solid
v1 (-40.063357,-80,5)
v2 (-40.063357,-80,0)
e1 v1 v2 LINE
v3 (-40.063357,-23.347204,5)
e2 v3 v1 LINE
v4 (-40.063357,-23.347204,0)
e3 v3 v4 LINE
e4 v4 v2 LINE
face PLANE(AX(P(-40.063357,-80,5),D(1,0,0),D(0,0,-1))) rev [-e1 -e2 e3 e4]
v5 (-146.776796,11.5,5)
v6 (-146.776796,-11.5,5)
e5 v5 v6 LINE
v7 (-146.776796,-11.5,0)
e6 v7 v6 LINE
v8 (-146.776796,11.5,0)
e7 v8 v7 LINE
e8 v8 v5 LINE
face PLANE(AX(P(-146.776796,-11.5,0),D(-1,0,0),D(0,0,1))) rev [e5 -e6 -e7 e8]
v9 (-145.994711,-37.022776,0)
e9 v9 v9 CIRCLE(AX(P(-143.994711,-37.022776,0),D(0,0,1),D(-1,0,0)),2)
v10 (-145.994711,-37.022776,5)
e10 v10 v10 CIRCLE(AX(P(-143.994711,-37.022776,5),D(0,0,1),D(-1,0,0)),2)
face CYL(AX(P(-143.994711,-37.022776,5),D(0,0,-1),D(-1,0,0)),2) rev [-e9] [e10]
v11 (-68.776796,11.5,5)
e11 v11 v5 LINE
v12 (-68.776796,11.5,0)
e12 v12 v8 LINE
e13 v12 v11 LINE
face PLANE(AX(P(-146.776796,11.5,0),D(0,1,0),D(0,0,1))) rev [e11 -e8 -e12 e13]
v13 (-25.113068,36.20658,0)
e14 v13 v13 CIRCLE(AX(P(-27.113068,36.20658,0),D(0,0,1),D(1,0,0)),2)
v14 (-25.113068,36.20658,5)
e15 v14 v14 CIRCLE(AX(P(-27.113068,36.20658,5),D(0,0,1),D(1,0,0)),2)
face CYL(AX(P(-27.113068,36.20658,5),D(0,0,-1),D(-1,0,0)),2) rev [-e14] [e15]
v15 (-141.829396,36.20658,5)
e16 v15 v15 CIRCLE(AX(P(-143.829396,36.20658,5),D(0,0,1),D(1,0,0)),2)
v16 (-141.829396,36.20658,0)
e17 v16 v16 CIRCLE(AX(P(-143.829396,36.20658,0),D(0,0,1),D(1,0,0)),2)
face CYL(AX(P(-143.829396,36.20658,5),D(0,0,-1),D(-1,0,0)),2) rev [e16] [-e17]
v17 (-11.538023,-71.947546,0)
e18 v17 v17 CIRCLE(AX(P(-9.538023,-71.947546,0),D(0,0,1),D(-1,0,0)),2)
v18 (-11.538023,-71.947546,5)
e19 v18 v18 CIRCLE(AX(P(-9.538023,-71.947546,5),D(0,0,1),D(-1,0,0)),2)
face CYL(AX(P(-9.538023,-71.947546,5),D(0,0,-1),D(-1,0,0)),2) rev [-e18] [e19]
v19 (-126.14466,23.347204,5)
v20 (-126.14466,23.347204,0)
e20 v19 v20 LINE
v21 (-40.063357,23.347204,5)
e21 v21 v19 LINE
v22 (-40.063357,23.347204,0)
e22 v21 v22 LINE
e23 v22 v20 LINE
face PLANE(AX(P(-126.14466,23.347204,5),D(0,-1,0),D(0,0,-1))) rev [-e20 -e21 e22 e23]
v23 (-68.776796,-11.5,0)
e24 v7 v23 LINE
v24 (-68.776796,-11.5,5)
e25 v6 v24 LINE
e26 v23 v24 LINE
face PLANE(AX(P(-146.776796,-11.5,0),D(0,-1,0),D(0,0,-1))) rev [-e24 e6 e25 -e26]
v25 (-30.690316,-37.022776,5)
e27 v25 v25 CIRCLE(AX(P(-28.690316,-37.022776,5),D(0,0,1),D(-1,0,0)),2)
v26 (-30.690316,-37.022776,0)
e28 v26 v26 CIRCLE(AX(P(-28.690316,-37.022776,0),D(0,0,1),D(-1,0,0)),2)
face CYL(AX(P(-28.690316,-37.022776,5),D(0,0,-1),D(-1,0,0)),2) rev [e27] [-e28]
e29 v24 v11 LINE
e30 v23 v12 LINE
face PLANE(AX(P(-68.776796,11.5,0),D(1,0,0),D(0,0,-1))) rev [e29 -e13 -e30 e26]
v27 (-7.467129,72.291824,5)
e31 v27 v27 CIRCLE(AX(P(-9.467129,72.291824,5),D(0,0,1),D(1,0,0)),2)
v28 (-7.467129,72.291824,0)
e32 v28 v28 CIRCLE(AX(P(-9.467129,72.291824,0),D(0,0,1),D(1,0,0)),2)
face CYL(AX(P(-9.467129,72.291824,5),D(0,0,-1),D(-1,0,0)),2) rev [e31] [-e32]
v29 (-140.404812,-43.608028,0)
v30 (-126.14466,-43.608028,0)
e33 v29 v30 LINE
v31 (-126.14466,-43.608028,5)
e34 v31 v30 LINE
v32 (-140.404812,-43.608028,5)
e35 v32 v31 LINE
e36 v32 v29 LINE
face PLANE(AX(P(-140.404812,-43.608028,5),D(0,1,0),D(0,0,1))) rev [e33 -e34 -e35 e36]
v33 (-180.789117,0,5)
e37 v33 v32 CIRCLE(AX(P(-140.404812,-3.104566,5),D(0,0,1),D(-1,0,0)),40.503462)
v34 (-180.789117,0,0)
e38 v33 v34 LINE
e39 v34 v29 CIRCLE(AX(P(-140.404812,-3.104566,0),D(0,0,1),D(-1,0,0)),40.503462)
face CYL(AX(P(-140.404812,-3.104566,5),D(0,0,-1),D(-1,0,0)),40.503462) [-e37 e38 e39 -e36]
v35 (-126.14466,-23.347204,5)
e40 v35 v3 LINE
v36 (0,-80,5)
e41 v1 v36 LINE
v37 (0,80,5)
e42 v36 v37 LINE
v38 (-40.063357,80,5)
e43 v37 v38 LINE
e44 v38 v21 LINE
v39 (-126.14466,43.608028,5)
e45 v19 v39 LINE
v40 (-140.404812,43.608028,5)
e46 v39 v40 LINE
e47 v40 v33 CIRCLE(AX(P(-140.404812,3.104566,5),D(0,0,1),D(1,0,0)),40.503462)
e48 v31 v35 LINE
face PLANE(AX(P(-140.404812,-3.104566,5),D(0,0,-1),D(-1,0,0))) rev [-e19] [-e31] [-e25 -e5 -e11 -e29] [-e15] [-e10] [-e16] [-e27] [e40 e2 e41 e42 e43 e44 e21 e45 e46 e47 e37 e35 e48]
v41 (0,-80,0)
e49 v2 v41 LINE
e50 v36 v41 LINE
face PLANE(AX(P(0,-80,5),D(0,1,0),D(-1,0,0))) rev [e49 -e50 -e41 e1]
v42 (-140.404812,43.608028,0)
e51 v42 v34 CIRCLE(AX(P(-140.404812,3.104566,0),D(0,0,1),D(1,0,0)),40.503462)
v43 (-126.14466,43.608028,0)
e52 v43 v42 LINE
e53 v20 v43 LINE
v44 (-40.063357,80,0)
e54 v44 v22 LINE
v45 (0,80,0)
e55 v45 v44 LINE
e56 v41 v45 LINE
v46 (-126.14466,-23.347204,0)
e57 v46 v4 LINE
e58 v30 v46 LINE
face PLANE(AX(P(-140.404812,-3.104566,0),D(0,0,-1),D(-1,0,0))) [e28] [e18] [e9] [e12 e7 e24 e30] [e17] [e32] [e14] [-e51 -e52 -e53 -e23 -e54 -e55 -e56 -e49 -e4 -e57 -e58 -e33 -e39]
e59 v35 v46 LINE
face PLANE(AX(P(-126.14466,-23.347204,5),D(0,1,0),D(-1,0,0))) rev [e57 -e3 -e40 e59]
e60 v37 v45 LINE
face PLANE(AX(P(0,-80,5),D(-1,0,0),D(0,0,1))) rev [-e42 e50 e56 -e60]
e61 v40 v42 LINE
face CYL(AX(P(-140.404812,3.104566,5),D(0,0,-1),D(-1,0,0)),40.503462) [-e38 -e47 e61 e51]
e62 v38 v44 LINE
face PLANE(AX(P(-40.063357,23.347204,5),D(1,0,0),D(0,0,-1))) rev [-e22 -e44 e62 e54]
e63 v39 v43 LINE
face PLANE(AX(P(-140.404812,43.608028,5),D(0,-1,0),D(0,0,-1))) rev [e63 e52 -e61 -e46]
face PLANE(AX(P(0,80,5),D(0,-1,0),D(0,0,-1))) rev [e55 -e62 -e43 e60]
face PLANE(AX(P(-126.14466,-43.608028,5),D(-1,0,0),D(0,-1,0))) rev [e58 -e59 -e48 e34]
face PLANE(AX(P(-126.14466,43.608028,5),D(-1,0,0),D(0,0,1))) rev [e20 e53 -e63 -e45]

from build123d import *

# Parameters (mm, degrees)
ESQUISSE1_R             = 2
BOSS_EXTRU_2_DEPTH      = 5
ESQUISSE2_W             = 78
ESQUISSE2_H             = 23
ENL_V_MAT_EXTRU_2_DEPTH = 5


with BuildPart() as part:
    # Esquisse1 → Boss.-Extru.2 (new body)
    with BuildSketch(Plane.XY):
        with BuildLine():
            Line((0, 80), (-40.063357395, 80))
            Line((-40.063357395, 80), (-40.063357395, 43.608028339))
            Line((-40.063357395, 43.608028339), (-40.063357395, 23.347203835))
            Line((-40.063357395, 23.347203835), (-126.14466041, 23.347203835))
            Line((-126.14466041, 23.347203835), (-126.14466041, 43.608028339))
            Line((-126.14466041, 43.608028339), (-140.404811956, 43.608028339))
            ThreePointArc((-140.404811956, 43.608028339), (-170.122450923, 30.625328971), (-180.789117416, 0))
            ThreePointArc((-180.789117416, 0), (-170.122450923, -30.625328971), (-140.404811956, -43.608028339))
            Line((-140.404811956, -43.608028339), (-126.14466041, -43.608028339))
            Line((-126.14466041, -43.608028339), (-126.14466041, -23.347203835))
            Line((-126.14466041, -23.347203835), (-40.063357395, -23.347203835))
            Line((-40.063357395, -23.347203835), (-40.063357395, -43.608028339))
            Line((-40.063357395, -43.608028339), (-40.063357395, -80))
            Line((-40.063357395, -80), (0, -80))
            Line((0, -80), (0, 80))
        make_face()
        with Locations((-143.829395777, 36.206579824)):
            Circle(ESQUISSE1_R, mode=Mode.SUBTRACT)
        with Locations((-27.113068306, 36.206579824)):
            Circle(ESQUISSE1_R, mode=Mode.SUBTRACT)
        with Locations((-9.467128793, 72.29182392)):
            Circle(ESQUISSE1_R, mode=Mode.SUBTRACT)
        with Locations(Location((-9.538022857, -71.947546017, 0), (0, 0, 180))):
            Circle(ESQUISSE1_R, mode=Mode.SUBTRACT)
        with Locations(Location((-28.690315975, -37.022776214, 0), (0, 0, 180))):
            Circle(ESQUISSE1_R, mode=Mode.SUBTRACT)
        with Locations(Location((-143.994710805, -37.022776214, 0), (0, 0, 180))):
            Circle(ESQUISSE1_R, mode=Mode.SUBTRACT)
    extrude(amount=BOSS_EXTRU_2_DEPTH)

    # Esquisse2 → Enlèv. mat.-Extru.2 (cut)
    with BuildSketch(Plane.XY.offset(5)):
        with Locations((-107.776795965, 0)):
            Rectangle(ESQUISSE2_W, ESQUISSE2_H)
    extrude(amount=-ENL_V_MAT_EXTRU_2_DEPTH, mode=Mode.SUBTRACT)


solid = part.part
